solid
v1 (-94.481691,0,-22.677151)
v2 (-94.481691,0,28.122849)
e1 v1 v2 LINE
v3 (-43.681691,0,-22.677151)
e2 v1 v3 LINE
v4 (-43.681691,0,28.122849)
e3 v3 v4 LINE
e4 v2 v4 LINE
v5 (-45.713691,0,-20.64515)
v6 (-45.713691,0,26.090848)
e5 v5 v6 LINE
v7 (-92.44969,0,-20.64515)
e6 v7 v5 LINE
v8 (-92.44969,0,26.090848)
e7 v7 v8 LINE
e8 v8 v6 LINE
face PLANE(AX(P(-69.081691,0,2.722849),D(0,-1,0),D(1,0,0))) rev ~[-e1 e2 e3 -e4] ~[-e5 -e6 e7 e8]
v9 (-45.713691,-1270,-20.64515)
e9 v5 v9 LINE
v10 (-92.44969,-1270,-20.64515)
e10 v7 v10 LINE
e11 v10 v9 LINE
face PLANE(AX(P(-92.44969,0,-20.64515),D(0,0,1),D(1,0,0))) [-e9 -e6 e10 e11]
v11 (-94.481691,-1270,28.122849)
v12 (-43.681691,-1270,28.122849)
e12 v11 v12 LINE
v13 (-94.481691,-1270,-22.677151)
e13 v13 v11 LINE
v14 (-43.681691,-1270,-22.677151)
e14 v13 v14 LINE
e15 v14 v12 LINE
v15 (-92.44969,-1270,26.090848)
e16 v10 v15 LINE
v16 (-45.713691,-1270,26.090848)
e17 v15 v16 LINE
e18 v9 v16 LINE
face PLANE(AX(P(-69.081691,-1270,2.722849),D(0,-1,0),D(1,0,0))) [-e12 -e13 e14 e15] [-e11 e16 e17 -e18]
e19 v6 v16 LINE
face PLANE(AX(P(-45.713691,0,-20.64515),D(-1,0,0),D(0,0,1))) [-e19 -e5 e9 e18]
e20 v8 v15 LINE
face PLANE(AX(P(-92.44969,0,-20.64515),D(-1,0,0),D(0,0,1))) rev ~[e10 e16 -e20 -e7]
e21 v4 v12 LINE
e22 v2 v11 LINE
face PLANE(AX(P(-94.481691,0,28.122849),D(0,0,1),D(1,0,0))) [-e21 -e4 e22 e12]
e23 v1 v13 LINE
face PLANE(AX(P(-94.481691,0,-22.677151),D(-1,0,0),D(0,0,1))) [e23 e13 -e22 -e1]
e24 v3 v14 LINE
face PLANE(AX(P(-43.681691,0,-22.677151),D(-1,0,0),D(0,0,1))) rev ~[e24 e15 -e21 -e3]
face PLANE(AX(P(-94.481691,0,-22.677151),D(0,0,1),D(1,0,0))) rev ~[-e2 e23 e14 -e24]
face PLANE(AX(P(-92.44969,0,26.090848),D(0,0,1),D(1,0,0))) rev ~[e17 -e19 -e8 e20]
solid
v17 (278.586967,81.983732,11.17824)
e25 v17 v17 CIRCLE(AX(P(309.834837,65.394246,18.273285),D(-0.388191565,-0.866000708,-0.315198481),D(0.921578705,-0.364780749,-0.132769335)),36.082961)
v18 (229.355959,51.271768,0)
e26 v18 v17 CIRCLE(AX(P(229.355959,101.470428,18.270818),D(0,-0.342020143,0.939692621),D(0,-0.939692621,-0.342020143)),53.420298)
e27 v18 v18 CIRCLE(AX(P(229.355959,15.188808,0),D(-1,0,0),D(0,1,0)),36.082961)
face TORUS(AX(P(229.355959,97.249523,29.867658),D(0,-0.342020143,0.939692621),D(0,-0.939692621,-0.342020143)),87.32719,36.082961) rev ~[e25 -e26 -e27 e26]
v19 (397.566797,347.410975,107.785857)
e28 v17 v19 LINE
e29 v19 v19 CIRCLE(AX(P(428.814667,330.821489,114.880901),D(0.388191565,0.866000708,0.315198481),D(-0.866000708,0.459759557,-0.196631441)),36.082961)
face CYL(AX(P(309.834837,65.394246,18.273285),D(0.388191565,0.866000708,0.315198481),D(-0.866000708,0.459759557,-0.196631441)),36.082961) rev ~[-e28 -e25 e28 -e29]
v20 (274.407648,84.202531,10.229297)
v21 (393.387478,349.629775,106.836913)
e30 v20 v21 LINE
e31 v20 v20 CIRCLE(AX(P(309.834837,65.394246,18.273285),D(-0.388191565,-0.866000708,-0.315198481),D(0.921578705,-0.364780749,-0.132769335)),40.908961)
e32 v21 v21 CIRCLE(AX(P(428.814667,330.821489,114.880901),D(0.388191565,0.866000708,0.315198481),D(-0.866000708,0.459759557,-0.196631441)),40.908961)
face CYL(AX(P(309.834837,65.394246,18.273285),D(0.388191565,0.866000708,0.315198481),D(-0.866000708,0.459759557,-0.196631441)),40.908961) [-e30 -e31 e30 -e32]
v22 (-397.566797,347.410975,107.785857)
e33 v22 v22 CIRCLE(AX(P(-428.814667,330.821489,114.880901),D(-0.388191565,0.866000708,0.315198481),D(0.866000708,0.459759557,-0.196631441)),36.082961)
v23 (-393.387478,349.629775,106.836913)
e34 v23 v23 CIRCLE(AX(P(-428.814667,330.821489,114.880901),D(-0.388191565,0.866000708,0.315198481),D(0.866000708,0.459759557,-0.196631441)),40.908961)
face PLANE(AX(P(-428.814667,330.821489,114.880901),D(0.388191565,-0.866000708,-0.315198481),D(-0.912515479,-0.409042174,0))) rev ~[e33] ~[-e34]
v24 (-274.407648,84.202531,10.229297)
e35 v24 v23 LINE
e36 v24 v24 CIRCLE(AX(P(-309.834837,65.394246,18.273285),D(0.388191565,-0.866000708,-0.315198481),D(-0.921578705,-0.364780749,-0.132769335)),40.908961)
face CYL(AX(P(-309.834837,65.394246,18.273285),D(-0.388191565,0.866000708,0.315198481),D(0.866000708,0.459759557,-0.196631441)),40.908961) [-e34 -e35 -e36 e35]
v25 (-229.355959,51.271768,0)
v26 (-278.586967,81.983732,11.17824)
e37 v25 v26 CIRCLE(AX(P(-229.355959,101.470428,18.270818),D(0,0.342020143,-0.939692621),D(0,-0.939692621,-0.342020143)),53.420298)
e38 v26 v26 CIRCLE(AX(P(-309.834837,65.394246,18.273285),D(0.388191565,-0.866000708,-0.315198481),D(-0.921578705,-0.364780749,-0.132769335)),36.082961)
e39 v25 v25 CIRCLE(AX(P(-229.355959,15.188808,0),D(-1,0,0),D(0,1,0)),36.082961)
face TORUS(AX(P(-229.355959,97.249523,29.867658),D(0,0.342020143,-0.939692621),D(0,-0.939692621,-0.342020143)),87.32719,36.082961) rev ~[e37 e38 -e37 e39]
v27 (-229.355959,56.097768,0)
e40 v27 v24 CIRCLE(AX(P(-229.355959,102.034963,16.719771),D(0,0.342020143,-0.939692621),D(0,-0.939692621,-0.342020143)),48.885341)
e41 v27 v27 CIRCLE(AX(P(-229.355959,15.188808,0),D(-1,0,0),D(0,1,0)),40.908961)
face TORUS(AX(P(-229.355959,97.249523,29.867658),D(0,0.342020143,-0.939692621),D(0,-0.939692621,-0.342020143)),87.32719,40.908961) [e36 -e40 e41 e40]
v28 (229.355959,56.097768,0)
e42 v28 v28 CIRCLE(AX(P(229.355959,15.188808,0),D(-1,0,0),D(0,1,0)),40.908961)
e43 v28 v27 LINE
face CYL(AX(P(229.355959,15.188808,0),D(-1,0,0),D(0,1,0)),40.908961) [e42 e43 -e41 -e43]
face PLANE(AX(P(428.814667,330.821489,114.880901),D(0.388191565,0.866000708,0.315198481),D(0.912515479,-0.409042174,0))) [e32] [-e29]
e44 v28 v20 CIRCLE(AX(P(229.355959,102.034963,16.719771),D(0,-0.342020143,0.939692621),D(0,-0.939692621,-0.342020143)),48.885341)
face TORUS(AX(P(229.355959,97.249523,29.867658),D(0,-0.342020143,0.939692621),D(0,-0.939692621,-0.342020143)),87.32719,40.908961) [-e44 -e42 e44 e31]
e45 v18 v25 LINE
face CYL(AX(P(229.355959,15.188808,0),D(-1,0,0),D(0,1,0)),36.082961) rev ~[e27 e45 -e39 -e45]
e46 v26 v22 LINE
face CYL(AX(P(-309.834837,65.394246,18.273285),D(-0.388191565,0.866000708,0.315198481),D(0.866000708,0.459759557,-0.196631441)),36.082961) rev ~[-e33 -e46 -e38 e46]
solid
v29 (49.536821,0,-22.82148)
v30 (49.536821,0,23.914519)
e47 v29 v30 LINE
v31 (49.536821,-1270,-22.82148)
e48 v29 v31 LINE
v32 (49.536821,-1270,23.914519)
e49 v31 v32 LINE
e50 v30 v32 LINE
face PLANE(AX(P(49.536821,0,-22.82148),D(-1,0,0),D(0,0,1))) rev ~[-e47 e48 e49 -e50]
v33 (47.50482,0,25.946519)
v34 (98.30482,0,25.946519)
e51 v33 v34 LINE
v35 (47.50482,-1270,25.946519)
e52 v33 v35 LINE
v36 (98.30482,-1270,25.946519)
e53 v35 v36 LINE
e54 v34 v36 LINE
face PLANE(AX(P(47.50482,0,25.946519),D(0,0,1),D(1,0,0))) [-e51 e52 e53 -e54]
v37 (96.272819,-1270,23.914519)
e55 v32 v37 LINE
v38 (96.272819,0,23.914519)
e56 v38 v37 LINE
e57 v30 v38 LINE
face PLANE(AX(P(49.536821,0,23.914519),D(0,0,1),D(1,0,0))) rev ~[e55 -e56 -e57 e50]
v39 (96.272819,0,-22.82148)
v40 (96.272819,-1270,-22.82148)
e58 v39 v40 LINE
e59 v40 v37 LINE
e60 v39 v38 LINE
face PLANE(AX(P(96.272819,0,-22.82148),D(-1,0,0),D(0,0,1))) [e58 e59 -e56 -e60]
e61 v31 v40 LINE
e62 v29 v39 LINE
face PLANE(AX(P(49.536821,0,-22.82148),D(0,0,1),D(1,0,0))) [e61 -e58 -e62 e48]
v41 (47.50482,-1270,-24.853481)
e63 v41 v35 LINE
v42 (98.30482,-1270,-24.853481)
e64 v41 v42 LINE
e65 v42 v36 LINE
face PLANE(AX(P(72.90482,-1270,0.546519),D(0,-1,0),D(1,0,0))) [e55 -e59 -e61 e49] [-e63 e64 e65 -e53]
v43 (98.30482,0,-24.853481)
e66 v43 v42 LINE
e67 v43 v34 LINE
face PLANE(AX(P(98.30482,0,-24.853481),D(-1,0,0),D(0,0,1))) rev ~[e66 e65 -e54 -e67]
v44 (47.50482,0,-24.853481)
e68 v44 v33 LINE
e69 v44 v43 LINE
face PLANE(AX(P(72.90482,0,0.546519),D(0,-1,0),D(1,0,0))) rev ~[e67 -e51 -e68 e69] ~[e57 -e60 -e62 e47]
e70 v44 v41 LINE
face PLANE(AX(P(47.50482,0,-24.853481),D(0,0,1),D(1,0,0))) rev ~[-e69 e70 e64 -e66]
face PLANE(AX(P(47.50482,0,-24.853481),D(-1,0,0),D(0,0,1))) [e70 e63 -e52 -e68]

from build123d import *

# Parameters (mm, degrees)
F0_W        = 50.8
F0_H        = 50.8
F0_W_2      = 46.735998857
F0_H_2      = 46.735998857
F3_DEPTH    = 1270
F4_DEPTH    = 1270
F7_R        = 40.9089605838
F7_R_2      = 36.0829606652
F8_FACE_R   = 40.9089605838
F8_FACE_R_2 = 36.0829606652


with BuildPart() as f3:
    # F0 (on Front) → F3 (new body)
    with BuildSketch(Plane.XZ):
        with Locations((-69.0816907868, 2.7228489794)):
            Rectangle(F0_W, F0_H)
        with Locations((-69.0816907868, 2.7228489794)):
            Rectangle(F0_W_2, F0_H_2, mode=Mode.SUBTRACT)
    extrude(amount=F3_DEPTH)


with BuildPart() as f4:
    # F0 (on Front) → F4 (new body)
    with BuildSketch(Plane.XZ):
        with Locations((72.9048199296, 0.5465193272)):
            Rectangle(F0_W, F0_H)
        with Locations((72.9048199296, 0.5465193272)):
            Rectangle(F0_W_2, F0_H_2, mode=Mode.SUBTRACT)
    extrude(amount=F4_DEPTH)


with BuildPart() as f8:
    # F8: sweep along a path in F5
    with BuildLine(Plane(origin=(0, 0, 0), x_dir=(1, 0, 0), z_dir=(0, -0.3420201433, 0.9396926208))) as f8_path:
        Line((229.3559585548, 0), (-229.3559585548, 0))
        ThreePointArc((-229.3559585548, 0), (-285.5495047903, 16.9545904288), (-322.9883549399, 62.1597369789))
        Line((-322.9883549399, 62.1597369789), (-441.9681850478, 344.6215098261))
    # F7 (on plane+point) → F8 (sweep)
    with BuildSketch(Plane.YZ.offset(229.3559585548)):
        with Locations((15.1888076216, 0)):
            Circle(F7_R)
        with Locations((15.1888076216, 0)):
            Circle(F7_R_2, mode=Mode.SUBTRACT)
    sweep(path=f8_path.line)

    # F9: sweep along a path in F5
    with BuildLine(Plane(origin=(0, 0, 0), x_dir=(1, 0, 0), z_dir=(0, -0.3420201433, 0.9396926208))) as f9_path:
        ThreePointArc((229.3559585548, 0), (285.5495047903, 16.9545904288), (322.9883549399, 62.1597369789))
        Line((322.9883549399, 62.1597369789), (441.9681850478, 344.6215098261))
    # F8_face (on face) → F9 (sweep)
    with BuildSketch(Plane(origin=(229.3559585548, 15.1888076216, 0), x_dir=(0, 1, 0), z_dir=(1, 0, 0))):
        Circle(F8_FACE_R)
        Circle(F8_FACE_R_2, mode=Mode.SUBTRACT)
    sweep(path=f9_path.line)


solid = Compound([f3.part, f4.part, f8.part])
